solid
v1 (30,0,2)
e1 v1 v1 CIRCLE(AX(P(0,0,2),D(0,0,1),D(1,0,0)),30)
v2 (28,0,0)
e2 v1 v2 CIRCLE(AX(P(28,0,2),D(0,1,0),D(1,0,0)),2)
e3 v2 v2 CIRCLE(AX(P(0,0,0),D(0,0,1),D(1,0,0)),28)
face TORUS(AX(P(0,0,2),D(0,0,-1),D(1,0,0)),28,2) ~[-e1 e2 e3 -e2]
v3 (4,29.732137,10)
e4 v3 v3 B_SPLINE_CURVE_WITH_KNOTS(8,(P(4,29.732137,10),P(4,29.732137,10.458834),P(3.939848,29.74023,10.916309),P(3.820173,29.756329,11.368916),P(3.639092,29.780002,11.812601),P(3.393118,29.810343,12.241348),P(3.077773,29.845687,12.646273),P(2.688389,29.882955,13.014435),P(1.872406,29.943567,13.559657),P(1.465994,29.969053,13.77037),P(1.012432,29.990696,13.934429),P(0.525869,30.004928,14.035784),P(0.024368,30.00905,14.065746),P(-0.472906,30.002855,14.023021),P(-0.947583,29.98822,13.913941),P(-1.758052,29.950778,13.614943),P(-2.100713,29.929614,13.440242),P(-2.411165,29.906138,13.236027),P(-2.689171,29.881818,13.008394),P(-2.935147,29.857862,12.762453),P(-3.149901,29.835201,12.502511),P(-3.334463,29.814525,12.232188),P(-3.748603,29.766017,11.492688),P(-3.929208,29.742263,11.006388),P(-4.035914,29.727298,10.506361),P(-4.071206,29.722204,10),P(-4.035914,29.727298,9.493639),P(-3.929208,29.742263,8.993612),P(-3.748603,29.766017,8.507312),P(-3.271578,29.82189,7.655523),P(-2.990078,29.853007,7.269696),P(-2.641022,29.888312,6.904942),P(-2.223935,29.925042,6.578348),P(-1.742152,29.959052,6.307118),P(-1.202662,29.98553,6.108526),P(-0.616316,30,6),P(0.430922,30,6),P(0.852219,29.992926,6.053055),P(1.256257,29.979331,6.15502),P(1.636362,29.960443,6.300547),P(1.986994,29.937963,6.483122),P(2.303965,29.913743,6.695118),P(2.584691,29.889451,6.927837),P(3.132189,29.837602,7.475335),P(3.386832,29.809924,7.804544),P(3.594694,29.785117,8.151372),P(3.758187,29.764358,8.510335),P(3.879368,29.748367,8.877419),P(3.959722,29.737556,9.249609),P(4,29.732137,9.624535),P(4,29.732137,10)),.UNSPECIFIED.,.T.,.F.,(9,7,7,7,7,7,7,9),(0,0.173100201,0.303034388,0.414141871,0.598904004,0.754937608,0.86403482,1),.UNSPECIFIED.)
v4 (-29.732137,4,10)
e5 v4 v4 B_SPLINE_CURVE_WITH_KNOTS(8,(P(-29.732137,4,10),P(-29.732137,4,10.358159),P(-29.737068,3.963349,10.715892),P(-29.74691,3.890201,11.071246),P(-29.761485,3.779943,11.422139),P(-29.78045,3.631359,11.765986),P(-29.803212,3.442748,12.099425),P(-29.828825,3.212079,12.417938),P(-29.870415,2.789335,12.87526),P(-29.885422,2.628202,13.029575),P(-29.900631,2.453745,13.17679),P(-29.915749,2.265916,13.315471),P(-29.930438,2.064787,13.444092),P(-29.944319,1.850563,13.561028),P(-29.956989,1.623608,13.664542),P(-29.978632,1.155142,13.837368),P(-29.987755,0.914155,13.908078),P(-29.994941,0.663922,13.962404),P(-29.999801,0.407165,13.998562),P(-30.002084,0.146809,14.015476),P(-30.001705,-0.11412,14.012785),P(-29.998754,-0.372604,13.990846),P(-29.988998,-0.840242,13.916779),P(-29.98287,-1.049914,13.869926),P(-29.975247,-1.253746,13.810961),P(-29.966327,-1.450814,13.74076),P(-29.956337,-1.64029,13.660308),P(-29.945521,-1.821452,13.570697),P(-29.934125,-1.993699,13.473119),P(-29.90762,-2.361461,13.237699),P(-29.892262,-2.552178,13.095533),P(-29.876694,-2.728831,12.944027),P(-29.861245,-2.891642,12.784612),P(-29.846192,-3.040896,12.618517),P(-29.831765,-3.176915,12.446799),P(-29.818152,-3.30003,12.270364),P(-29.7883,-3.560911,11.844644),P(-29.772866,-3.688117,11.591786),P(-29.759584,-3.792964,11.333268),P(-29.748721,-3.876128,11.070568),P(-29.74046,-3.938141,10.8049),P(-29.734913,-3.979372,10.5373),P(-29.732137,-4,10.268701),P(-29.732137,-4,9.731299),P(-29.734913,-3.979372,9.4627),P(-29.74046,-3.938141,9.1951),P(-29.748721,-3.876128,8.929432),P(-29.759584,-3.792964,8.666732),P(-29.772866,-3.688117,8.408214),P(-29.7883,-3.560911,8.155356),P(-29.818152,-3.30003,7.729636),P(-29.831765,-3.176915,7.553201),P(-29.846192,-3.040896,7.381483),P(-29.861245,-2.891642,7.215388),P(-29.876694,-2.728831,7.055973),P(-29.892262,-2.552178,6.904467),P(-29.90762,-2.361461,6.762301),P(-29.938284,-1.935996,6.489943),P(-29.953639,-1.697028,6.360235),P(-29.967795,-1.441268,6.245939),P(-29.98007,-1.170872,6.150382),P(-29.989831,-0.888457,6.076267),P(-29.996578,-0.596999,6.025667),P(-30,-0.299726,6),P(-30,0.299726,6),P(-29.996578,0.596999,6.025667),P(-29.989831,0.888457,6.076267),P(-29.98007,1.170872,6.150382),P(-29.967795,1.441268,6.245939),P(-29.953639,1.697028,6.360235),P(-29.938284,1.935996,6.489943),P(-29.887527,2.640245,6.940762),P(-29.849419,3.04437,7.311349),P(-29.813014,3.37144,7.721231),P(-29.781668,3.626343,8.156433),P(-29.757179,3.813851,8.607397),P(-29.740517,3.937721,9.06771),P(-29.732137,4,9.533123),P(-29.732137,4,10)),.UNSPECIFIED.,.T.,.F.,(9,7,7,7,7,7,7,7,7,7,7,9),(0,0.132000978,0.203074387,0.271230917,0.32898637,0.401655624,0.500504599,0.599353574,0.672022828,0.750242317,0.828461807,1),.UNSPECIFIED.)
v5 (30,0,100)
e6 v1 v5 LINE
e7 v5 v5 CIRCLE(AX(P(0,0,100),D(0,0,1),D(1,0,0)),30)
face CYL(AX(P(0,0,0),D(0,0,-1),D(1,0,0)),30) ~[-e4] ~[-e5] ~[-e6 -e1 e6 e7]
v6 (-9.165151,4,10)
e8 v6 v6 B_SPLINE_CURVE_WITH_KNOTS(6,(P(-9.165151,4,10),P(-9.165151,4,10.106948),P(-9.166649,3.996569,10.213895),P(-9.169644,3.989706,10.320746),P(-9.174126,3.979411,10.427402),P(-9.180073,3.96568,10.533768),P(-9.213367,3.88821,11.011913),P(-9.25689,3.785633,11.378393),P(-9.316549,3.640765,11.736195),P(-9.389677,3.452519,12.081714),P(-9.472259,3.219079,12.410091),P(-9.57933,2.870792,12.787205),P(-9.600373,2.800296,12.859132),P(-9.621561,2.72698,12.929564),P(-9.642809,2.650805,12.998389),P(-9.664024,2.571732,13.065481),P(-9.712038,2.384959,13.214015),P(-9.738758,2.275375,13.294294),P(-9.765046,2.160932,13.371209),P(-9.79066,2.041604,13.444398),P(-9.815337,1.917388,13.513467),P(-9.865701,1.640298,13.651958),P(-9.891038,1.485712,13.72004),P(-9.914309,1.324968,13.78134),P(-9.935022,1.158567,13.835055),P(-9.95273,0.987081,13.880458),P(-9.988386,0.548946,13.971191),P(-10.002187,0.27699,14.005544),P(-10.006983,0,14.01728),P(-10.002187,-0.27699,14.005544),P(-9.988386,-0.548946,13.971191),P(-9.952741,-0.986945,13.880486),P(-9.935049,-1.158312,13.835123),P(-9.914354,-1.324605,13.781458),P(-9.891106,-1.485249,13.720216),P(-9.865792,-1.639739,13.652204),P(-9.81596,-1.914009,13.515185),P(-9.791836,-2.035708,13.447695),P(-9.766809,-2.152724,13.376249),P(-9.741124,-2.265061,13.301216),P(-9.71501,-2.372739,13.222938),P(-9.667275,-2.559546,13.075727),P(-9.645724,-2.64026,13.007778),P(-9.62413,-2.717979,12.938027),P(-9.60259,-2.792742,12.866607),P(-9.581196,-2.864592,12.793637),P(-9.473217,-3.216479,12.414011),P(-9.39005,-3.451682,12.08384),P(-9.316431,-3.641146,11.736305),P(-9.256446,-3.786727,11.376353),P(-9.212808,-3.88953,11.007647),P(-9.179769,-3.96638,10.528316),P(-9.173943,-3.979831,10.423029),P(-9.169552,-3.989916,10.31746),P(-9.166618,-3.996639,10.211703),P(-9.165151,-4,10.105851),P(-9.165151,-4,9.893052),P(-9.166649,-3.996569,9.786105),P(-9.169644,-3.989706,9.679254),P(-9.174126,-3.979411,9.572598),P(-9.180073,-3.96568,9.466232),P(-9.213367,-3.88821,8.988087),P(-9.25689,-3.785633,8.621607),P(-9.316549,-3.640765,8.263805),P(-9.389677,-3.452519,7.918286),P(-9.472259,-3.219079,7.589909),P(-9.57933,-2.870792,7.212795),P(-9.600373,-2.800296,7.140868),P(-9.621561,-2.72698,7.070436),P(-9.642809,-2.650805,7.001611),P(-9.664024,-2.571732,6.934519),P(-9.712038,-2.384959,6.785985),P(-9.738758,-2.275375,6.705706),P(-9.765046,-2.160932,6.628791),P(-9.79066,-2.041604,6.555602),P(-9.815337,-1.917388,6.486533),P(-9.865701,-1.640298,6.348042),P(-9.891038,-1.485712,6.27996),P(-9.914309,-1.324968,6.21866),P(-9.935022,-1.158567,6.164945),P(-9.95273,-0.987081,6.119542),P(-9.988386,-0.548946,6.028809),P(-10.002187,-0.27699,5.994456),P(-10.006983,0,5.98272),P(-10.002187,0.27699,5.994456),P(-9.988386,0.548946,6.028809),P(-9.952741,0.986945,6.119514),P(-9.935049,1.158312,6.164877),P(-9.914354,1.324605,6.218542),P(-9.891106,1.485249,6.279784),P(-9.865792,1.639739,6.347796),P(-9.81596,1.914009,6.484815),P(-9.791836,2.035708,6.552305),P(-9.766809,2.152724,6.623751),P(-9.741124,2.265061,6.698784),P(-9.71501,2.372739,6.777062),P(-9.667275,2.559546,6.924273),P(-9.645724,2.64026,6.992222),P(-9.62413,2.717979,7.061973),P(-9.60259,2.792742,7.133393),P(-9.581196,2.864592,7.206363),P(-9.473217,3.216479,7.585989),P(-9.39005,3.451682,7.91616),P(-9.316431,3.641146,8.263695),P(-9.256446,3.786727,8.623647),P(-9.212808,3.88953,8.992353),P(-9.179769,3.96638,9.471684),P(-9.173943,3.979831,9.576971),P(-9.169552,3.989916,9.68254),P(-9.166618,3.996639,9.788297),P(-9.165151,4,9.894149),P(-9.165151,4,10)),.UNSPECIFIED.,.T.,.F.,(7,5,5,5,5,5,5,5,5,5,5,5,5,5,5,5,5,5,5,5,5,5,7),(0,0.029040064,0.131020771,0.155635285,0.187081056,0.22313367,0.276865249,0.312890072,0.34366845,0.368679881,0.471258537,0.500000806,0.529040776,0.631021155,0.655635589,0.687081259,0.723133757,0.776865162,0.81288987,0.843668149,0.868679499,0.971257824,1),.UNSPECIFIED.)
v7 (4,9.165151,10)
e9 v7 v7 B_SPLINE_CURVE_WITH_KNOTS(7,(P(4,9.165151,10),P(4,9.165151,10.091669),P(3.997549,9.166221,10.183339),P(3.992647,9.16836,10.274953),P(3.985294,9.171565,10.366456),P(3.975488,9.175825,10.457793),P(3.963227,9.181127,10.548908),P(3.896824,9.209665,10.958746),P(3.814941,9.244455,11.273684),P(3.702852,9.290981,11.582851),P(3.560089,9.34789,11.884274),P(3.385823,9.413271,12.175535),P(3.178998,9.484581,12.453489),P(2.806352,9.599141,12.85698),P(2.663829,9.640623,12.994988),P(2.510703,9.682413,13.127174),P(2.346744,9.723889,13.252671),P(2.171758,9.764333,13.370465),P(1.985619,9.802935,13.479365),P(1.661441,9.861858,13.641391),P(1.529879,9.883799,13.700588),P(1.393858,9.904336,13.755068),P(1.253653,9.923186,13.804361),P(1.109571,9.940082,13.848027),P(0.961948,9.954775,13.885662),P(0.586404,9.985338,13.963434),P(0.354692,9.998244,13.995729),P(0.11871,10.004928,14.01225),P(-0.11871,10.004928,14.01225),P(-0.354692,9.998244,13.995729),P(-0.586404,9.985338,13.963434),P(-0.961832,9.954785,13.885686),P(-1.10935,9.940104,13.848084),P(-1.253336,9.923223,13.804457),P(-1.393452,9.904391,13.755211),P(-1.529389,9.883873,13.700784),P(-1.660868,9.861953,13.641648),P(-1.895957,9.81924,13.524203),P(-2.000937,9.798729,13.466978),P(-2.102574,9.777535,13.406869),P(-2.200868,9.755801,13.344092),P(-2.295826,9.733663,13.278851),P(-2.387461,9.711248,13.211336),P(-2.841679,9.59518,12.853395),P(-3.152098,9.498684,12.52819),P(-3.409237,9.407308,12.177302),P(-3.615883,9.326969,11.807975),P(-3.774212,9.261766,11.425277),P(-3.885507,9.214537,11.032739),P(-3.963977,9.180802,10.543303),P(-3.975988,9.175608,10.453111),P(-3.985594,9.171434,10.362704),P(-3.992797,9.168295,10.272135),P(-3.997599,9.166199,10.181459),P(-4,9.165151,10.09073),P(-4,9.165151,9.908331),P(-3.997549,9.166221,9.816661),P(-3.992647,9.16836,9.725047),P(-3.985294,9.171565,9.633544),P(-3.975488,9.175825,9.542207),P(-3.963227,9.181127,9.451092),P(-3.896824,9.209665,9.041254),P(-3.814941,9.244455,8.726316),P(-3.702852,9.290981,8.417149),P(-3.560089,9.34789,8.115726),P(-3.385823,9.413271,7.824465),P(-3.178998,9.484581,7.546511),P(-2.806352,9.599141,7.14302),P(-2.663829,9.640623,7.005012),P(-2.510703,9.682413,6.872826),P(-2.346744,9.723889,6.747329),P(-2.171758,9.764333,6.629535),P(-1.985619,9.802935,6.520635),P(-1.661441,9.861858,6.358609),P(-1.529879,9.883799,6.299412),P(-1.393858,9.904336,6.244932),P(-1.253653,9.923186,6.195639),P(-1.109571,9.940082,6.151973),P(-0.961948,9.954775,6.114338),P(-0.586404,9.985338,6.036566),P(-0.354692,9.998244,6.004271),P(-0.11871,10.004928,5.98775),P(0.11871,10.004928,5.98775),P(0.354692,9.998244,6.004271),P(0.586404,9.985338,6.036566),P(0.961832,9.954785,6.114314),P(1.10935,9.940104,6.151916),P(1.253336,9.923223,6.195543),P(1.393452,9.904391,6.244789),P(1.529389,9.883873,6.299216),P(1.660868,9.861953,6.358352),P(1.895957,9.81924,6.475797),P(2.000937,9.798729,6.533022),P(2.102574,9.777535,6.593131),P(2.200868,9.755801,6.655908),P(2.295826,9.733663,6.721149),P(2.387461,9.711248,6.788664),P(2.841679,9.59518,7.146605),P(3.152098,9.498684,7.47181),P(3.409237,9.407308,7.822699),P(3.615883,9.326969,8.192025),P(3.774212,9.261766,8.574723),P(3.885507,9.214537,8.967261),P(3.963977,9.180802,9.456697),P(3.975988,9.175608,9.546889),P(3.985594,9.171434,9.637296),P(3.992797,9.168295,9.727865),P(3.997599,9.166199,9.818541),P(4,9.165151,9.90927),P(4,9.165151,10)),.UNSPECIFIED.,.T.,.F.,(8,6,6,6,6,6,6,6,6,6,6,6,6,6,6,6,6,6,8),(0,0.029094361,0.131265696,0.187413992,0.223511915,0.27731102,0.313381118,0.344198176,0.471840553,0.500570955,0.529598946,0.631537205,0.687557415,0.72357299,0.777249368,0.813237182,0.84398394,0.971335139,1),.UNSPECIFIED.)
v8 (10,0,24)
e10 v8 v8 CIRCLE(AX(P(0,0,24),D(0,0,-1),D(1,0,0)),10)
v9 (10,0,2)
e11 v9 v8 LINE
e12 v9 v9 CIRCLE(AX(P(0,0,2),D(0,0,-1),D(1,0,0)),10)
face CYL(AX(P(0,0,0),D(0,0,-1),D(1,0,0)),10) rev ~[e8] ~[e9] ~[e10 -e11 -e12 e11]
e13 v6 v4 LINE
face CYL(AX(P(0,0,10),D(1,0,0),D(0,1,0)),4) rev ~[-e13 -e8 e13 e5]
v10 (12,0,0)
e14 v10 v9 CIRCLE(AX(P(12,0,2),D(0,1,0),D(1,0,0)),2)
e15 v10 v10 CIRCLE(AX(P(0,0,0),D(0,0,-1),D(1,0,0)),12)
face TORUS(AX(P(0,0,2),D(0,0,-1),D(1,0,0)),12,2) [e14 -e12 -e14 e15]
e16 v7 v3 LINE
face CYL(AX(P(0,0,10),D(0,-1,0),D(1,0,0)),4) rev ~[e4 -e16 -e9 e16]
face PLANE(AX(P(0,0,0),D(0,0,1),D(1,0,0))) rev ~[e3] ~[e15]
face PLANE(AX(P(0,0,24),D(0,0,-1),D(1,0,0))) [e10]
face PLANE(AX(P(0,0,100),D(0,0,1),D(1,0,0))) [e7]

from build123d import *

# Parameters (mm, degrees)
F0_R     = 30
F1_DEPTH = 100
F2_R     = 10
F3_DEPTH = 24
F4_R     = 2
F5_R     = 4
F6_DEPTH = 30
F7_R     = 4
F8_DEPTH = 30


with BuildPart() as f1:
    # F0 (on Top) → F1 (new body)
    with BuildSketch(Plane.XY):
        Circle(F0_R)
    extrude(amount=F1_DEPTH)

    # F2 (on face) → F3 (cut)
    with BuildSketch(Plane(origin=(0, 0, 0), x_dir=(1, 0, 0), z_dir=(0, 0, -1))):
        Circle(F2_R)
    extrude(amount=-F3_DEPTH, mode=Mode.SUBTRACT)

    # F4
    f4_edges = [f1.edges().sort_by_distance(p)[0] for p in [
        (-10, 0, 0),
        (-30, 0, 0),
    ]]
    fillet(f4_edges, radius=F4_R)

    # F5 (on Right) → F6 (cut)
    with BuildSketch(Plane.YZ):
        with Locations((0, 10)):
            Circle(F5_R)
    extrude(amount=-F6_DEPTH, mode=Mode.SUBTRACT)

    # F7 (on Front) → F8 (cut)
    with BuildSketch(Plane.XZ):
        with Locations((0, 10)):
            Circle(F7_R)
    extrude(amount=-F8_DEPTH, mode=Mode.SUBTRACT)


solid = f1.part
